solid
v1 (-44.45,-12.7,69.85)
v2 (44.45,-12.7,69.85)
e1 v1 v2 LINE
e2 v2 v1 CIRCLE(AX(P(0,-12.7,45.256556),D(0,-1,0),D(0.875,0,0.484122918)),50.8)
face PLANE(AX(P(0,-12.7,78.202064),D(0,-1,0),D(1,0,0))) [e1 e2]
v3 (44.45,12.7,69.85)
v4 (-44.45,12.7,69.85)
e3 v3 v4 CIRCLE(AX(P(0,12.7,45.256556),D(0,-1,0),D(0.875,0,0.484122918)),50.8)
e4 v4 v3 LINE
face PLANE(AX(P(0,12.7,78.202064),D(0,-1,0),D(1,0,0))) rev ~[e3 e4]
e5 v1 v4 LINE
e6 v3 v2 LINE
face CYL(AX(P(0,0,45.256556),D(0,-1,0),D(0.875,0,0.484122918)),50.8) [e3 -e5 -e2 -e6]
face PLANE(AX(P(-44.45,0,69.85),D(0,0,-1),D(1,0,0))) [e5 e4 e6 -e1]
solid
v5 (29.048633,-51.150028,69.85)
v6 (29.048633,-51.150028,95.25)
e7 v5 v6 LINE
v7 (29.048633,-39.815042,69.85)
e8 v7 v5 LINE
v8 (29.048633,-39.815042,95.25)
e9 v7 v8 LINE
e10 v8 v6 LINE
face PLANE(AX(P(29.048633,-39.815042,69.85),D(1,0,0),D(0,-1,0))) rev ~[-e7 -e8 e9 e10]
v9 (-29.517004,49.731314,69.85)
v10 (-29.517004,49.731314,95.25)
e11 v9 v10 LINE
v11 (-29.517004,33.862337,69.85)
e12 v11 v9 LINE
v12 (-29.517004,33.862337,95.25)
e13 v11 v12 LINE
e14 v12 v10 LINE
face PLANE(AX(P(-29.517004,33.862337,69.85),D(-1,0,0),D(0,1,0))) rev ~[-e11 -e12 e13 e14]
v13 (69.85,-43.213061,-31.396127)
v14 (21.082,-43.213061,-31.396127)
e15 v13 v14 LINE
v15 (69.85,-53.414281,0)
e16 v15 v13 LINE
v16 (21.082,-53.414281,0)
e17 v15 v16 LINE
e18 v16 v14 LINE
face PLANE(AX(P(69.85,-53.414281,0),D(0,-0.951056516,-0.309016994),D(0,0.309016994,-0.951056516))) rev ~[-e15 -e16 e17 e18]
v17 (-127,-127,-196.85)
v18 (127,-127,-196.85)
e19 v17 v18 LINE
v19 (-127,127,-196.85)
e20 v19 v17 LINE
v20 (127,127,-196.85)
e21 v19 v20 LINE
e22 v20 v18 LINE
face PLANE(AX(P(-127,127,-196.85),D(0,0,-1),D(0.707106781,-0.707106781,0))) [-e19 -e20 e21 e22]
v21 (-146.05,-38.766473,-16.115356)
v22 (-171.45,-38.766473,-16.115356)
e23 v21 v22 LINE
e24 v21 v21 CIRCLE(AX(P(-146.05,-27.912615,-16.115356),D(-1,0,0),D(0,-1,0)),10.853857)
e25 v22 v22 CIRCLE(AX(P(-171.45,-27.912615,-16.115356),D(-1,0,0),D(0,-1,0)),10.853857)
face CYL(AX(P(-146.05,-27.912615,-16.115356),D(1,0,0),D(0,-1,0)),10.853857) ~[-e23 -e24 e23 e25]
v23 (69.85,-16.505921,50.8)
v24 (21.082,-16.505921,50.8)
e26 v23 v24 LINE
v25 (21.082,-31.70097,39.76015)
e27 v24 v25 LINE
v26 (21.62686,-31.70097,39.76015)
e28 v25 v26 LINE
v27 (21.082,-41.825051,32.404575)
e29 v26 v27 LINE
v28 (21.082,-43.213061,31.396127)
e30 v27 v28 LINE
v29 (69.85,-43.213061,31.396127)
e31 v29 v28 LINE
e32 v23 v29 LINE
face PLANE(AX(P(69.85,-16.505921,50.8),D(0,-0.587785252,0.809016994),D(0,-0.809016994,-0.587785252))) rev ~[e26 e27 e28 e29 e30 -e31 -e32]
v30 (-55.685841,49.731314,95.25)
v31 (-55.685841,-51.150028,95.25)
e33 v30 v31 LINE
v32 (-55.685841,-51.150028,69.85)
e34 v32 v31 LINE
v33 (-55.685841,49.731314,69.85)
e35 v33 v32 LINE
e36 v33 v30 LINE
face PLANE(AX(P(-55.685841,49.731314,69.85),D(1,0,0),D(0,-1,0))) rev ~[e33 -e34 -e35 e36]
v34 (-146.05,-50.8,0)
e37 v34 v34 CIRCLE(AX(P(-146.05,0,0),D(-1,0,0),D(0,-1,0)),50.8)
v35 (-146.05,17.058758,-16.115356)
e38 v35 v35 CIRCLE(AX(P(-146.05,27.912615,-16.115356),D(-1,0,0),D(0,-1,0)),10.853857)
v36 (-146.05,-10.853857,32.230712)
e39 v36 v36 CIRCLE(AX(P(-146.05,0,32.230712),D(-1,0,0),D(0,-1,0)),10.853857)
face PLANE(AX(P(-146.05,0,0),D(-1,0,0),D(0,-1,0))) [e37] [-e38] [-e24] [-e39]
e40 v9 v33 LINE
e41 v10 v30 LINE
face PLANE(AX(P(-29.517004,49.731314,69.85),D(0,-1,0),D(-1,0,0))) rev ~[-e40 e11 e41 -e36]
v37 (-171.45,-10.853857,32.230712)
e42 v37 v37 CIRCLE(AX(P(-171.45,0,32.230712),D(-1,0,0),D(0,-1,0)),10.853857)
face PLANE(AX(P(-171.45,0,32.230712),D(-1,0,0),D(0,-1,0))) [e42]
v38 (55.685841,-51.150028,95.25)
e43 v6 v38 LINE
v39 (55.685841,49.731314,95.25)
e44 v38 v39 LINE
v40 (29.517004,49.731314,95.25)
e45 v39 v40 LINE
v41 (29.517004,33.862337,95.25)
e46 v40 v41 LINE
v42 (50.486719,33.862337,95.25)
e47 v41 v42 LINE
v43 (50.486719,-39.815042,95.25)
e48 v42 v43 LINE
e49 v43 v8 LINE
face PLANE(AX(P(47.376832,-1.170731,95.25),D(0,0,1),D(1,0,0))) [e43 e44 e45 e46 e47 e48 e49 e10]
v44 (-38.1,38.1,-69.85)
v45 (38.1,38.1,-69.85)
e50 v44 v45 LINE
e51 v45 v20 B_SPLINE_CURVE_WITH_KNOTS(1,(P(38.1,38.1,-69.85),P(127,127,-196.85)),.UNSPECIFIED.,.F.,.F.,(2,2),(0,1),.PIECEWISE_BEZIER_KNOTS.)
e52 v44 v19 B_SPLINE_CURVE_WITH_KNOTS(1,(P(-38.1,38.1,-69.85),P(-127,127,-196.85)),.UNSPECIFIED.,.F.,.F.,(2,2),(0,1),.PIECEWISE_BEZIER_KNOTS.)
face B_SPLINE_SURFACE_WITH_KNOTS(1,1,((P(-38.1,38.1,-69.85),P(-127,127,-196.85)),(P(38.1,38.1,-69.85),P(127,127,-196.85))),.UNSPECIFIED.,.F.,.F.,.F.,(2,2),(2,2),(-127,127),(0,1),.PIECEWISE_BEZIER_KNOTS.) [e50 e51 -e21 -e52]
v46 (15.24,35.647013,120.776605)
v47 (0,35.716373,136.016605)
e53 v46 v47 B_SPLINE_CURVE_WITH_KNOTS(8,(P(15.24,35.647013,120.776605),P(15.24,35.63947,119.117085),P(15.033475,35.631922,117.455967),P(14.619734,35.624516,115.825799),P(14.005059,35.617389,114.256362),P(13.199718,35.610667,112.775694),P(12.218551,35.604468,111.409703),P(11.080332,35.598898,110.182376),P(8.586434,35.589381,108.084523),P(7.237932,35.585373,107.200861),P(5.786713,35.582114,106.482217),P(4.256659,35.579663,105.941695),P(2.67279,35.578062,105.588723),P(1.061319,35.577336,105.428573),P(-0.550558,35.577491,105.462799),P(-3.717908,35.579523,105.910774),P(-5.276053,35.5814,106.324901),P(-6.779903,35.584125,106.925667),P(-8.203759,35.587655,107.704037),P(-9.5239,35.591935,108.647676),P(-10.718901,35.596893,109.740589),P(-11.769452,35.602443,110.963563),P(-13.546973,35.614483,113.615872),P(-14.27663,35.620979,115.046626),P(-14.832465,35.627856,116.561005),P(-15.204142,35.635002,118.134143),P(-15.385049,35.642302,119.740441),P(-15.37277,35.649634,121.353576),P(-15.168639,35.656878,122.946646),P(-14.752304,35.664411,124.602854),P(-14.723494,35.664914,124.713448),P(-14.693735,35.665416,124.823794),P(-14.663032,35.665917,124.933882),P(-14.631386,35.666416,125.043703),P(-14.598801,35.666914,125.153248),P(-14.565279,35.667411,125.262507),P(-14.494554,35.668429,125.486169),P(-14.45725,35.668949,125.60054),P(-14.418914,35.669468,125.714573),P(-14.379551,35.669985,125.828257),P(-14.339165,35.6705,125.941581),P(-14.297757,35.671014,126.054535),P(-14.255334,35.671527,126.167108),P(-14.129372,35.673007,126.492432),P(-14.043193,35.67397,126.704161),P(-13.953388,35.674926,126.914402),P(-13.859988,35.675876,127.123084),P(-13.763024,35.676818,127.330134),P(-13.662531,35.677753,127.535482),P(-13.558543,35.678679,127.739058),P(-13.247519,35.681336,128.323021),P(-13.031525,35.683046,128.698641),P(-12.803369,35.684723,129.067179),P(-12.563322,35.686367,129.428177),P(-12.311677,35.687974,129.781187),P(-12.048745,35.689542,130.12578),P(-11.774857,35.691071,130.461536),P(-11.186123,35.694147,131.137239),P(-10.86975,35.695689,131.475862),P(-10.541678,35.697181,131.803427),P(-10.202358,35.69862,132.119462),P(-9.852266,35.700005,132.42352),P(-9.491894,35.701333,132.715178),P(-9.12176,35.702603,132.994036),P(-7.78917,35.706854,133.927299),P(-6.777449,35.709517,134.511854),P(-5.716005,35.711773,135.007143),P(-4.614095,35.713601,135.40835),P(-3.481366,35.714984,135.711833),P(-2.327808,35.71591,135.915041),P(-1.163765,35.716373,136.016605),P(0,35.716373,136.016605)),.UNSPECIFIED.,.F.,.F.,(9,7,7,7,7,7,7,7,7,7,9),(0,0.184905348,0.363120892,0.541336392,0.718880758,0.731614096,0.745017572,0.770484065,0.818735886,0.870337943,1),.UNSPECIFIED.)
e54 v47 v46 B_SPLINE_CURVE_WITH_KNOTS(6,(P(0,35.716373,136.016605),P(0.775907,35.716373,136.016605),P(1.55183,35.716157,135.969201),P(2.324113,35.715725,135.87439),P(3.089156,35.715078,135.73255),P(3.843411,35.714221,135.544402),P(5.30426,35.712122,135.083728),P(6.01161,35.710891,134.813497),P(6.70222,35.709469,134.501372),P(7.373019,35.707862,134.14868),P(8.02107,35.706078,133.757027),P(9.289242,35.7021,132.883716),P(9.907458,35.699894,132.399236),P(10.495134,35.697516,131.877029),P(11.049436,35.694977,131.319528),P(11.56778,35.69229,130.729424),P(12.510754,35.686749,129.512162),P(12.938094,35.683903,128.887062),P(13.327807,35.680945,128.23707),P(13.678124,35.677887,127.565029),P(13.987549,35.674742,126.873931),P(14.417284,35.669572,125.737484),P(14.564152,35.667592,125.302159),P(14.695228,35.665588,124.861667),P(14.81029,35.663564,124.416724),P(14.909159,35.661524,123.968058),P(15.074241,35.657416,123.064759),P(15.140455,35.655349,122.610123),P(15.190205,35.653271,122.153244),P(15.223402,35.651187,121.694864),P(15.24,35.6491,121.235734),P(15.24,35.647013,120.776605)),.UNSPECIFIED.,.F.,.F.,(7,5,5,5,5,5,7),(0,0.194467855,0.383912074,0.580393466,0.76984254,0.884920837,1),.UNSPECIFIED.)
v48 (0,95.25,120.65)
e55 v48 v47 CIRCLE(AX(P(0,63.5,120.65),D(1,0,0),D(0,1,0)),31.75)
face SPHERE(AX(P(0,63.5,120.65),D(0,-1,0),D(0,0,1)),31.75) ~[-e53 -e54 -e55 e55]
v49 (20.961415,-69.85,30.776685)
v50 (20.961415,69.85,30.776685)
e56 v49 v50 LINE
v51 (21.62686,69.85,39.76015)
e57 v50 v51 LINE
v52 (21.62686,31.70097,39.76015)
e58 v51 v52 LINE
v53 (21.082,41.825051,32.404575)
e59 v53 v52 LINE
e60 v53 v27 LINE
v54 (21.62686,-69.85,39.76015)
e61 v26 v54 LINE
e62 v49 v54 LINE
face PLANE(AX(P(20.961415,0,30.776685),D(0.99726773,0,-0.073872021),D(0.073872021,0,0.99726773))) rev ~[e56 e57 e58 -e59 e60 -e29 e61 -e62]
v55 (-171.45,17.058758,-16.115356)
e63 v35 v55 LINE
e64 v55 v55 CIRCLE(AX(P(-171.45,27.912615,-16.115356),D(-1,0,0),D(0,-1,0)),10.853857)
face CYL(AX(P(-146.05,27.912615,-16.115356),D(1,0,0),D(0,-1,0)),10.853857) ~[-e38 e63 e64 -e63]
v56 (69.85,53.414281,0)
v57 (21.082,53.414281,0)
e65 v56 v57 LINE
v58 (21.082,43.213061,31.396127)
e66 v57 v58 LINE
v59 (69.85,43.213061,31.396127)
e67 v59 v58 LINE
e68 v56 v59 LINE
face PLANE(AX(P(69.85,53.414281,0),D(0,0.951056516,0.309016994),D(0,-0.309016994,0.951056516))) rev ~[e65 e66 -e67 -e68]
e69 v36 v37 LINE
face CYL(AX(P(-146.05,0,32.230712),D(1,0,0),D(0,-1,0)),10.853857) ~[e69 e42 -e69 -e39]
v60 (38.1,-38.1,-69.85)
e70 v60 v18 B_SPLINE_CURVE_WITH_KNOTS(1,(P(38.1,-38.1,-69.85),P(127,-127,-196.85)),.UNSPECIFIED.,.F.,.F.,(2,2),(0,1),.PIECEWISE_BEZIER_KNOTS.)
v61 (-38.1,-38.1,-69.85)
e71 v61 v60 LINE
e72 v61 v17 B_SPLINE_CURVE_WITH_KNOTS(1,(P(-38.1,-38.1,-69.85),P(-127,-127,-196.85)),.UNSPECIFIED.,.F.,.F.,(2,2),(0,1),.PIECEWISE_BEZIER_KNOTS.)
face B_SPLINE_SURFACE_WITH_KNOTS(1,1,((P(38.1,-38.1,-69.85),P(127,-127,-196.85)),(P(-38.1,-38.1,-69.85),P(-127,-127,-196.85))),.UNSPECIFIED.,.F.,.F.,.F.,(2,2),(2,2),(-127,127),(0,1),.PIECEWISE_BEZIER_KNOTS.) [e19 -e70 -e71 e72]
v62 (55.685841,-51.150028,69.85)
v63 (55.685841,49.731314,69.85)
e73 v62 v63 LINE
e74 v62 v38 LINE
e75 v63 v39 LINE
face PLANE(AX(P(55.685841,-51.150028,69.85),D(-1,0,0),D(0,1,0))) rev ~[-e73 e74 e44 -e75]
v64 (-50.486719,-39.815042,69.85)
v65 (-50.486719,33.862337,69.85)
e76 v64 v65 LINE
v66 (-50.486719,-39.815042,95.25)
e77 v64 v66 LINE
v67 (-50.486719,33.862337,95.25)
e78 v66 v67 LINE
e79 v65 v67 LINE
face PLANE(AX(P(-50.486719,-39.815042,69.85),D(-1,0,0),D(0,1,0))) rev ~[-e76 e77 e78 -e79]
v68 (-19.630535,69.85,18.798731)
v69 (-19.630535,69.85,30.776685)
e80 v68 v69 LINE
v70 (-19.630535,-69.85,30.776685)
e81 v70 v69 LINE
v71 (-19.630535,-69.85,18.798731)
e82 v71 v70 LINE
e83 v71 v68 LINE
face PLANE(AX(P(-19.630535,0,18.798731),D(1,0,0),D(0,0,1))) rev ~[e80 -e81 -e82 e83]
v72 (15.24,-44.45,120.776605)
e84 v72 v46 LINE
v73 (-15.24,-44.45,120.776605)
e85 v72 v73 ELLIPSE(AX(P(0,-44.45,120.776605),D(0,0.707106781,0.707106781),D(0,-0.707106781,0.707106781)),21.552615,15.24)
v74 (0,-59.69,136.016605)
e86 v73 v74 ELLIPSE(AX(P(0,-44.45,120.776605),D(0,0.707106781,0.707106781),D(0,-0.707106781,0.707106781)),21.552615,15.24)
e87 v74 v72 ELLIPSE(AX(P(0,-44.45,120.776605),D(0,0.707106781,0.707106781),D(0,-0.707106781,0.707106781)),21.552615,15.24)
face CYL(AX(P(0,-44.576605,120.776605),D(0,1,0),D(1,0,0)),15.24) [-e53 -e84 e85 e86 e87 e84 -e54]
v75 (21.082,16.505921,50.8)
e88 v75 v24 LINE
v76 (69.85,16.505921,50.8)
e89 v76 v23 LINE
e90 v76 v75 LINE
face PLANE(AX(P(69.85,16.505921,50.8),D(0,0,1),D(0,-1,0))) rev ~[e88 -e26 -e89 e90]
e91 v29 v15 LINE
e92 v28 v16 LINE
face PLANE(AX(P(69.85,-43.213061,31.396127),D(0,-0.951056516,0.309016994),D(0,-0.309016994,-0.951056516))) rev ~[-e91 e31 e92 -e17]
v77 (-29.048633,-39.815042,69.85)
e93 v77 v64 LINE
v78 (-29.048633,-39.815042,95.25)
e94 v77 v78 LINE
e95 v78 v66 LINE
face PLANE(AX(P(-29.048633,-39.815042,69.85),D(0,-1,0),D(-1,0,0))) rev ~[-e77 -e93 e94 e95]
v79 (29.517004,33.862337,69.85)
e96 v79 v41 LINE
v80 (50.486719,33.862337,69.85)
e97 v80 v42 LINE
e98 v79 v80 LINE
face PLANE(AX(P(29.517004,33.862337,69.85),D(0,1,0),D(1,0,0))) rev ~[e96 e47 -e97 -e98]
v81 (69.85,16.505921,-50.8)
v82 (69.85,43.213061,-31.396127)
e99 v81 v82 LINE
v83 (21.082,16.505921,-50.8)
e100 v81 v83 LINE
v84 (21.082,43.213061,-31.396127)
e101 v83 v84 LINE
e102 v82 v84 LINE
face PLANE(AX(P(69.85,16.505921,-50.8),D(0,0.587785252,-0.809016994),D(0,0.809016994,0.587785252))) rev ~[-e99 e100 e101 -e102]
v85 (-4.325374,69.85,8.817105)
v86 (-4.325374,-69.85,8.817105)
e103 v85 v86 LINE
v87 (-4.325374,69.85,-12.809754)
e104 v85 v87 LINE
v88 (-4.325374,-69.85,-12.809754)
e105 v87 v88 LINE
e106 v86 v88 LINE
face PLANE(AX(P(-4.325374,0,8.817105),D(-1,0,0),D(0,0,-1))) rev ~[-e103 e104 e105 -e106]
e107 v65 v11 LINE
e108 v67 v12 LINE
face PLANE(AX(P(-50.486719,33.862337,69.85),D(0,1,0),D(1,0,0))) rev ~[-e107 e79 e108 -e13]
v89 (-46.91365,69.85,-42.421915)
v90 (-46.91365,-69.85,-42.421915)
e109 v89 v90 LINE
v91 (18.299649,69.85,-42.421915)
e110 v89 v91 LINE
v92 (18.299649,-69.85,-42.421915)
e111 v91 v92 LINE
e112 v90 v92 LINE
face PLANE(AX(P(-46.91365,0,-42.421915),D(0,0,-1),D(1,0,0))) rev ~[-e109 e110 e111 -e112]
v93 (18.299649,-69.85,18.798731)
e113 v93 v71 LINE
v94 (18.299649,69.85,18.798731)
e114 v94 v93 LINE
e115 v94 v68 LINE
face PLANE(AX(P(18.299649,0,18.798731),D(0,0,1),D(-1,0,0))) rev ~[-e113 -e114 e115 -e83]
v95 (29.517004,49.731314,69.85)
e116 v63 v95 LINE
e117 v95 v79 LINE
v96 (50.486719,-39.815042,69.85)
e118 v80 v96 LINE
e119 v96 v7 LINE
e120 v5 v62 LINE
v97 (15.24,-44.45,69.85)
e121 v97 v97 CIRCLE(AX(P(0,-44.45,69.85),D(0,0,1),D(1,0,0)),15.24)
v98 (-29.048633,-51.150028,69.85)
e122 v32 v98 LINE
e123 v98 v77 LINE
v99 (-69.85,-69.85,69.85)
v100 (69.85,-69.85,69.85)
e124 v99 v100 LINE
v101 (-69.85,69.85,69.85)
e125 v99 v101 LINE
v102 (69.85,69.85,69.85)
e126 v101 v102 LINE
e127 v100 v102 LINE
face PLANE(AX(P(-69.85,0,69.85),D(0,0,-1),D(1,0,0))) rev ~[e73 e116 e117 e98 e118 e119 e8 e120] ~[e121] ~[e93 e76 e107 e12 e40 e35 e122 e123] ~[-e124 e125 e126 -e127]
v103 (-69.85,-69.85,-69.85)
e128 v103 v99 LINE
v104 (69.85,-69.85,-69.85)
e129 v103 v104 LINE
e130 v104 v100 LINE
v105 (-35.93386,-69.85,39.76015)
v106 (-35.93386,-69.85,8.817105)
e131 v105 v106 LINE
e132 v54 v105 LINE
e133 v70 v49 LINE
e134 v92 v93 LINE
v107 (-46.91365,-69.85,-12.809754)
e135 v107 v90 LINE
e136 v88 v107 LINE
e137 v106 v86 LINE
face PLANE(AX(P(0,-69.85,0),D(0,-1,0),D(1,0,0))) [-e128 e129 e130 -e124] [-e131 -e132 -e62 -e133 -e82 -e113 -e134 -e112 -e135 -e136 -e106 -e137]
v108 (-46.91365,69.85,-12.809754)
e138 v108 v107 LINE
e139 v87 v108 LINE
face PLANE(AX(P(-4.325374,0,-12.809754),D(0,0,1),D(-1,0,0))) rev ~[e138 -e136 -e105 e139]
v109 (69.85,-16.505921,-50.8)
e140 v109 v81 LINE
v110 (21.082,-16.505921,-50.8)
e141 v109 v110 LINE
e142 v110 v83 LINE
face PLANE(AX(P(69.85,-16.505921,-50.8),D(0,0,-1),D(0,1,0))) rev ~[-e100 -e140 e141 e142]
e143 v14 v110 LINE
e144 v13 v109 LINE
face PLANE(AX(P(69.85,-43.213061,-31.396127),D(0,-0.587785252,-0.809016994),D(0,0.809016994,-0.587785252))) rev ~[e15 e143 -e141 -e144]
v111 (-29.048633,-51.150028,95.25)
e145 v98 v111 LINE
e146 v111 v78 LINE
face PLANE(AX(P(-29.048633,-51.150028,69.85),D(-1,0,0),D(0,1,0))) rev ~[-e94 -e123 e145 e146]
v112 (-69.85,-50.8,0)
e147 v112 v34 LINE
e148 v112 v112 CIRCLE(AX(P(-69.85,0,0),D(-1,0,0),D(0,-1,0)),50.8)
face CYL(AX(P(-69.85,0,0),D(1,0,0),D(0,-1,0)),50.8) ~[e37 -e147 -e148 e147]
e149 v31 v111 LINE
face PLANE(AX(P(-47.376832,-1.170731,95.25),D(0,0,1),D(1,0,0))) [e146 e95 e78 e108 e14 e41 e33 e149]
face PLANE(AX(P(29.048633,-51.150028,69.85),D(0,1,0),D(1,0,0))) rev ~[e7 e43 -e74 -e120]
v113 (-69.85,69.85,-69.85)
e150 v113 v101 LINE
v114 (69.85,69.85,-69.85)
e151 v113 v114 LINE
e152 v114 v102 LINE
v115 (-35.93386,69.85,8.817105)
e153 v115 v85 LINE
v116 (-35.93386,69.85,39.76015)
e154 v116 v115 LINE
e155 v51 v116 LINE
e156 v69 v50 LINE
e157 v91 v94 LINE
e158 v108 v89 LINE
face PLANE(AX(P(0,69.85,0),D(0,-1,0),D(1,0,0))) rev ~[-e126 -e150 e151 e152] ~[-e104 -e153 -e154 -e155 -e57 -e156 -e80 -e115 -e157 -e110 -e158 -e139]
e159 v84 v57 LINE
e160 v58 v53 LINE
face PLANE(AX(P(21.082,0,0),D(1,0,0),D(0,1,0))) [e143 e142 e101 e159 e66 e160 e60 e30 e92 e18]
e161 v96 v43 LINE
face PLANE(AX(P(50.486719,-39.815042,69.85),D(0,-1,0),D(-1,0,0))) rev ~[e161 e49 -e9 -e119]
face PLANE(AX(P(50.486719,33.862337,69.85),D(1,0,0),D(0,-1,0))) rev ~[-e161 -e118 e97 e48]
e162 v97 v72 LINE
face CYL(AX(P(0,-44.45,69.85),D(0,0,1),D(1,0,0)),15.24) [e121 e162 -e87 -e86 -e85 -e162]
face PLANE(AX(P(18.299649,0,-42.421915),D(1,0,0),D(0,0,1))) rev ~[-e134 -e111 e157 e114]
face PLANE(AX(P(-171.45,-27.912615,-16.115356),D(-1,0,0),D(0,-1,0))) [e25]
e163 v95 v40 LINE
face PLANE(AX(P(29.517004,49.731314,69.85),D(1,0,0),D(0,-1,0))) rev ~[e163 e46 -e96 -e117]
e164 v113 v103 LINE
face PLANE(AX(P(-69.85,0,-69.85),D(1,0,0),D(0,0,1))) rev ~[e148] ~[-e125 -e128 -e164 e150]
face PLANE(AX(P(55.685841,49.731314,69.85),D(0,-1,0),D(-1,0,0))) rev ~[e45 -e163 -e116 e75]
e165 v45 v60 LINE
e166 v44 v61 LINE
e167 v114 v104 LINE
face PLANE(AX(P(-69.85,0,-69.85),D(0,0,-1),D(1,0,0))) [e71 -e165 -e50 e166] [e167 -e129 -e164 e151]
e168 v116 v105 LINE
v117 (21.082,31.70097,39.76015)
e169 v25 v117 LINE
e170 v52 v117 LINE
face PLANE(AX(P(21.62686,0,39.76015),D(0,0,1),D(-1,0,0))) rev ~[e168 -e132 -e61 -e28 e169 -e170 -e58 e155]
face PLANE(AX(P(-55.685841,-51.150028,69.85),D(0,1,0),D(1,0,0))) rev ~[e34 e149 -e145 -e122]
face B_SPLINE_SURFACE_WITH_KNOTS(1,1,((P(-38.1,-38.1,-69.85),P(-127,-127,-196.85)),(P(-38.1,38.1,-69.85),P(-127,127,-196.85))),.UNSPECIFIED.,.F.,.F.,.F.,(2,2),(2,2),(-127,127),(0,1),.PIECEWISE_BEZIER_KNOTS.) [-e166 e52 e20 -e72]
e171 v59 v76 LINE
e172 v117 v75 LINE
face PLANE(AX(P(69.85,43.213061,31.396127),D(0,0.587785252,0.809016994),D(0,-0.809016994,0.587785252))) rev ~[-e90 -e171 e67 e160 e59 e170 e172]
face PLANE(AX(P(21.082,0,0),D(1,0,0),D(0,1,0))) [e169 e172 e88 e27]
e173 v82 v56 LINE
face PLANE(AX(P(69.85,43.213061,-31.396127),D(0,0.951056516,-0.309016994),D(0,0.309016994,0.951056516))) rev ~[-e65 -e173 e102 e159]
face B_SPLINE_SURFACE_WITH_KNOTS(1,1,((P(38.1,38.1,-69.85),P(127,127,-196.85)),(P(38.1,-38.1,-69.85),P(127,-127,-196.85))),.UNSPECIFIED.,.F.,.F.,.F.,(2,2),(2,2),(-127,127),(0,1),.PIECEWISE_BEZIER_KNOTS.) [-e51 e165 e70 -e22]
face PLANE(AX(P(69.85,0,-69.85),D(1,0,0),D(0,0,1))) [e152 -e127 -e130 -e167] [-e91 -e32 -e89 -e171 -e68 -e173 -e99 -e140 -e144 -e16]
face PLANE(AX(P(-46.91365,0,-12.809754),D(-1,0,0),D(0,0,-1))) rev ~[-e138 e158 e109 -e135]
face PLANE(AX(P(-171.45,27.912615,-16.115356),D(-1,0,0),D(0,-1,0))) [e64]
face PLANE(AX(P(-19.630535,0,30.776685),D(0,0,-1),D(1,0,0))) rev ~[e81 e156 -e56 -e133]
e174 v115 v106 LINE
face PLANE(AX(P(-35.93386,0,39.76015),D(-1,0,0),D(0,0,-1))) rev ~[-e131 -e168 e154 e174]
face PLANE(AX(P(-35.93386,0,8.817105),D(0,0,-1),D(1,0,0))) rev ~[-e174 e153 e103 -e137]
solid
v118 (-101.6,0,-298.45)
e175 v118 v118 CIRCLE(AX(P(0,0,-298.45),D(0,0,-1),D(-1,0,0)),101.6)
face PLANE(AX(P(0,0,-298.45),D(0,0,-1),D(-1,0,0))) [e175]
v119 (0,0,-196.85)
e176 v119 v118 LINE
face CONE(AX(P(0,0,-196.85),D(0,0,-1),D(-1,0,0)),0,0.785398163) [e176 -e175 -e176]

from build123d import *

# Parameters (mm, degrees)
F0_W      = 139.7
F0_H      = 139.7
F1_DEPTH  = 69.85
F3_DEPTH  = 69.85
F5_DEPTH  = 12.7
F6_R      = 50.8
F7_DEPTH  = 76.2
F9_DEPTH  = 48.768
F10_R     = 15.24
F13_W     = 76.2
F13_H     = 76.2
F15_W     = 254
F15_H     = 254
F22_DEPTH = 25.4
F23_R     = 10.8538573116
F24_DEPTH = 25.4


with BuildPart() as f1:
    # F0 (on Front) → F1 (new body, symmetric)
    with BuildSketch(Plane.XZ):
        Rectangle(F0_W, F0_H)
    extrude(amount=F1_DEPTH, both=True)

    # F2 (on Front) → F3 (cut, symmetric)
    with BuildSketch(Plane.XZ):
        Polygon((20.9614150226, 30.7766851038), (21.6268599033, 39.7601500154), (-35.9338596463, 39.7601500154), (-35.9338596463, 8.8171046227), (-4.3253740296, 8.8171046227), (-4.3253740296, -12.8097543493), (-46.9136498868, -12.8097543493), (-46.9136498868, -42.4219146371), (18.2996485382, -42.4219146371), (18.2996485382, 18.7987312675), (-19.6305345744, 18.7987312675), (-19.6305345744, 30.7766851038), align=None)
    extrude(amount=F3_DEPTH, both=True, mode=Mode.SUBTRACT)

    # F6 (on face) → F7 (join)
    with BuildSketch(Plane(origin=(-69.85, 0, 0), x_dir=(0, -1, 0), z_dir=(-1, 0, 0))):
        Circle(F6_R)
    extrude(amount=F7_DEPTH)

    # F8 (on face) → F9 (cut)
    with BuildSketch(Plane.YZ.offset(69.85)):
        Polygon((16.5059205686, -50.8), (43.2130610643, -31.3961266285), (53.4142809913, 0), (43.2130610643, 31.3961266285), (16.5059205686, 50.8), (-16.5059205686, 50.8), (-43.2130610643, 31.3961266285), (-53.4142809913, 0), (-43.2130610643, -31.3961266285), (-16.5059205686, -50.8), align=None)
    extrude(amount=-F9_DEPTH, mode=Mode.SUBTRACT)

    # F12: sweep along a path in F11
    with BuildLine(Plane.YZ) as f12_path:
        Line((-44.45, 69.9766054749), (-44.45, 120.7766054749))
        Line((-44.45, 120.7766054749), (44.45, 120.7766054749))
    # F10 (on face) → F12 (sweep)
    with BuildSketch(Plane.XY.offset(69.85)):
        with Locations((0, -44.45)):
            Circle(F10_R)
    sweep(path=f12_path.line, transition=Transition.RIGHT)

    # F13 (on face) → F16 section 0
    with BuildSketch(Plane(origin=(0, 0, -69.85), x_dir=(1, 0, 0), z_dir=(0, 0, -1))):
        Rectangle(F13_W, F13_H)
    # F15 (on offset) → F16 section 1
    with BuildSketch(Plane(origin=(0, 0, -196.85), x_dir=(1, 0, 0), z_dir=(0, 0, -1))):
        Rectangle(F15_W, F15_H)
    loft()

    # F17 (on Right) → F18 (revolve)
    with BuildSketch(Plane.YZ):
        with BuildLine():
            ThreePointArc((95.25, 120.65), (63.5, 152.4), (31.75, 120.65))
            Line((31.75, 120.65), (95.25, 120.65))
        make_face()
    revolve(axis=Axis((0, 63.5, 120.65), (0, 1, 0)))

    # F21 (on face) → F22 (join)
    with BuildSketch(Plane.XY.offset(69.85)):
        Polygon((-29.5170042189, 49.7313141823), (-55.6858405471, 49.7313141823), (-55.6858405471, -51.1500276625), (-29.0486328304, -51.1500276625), (-29.0486328304, -39.8150421679), (-50.4867191883, -39.8150421679), (-50.4867191883, 33.8623374701), (-29.5170042189, 33.8623374701), align=None)
        Polygon((29.5170042189, 33.8623374701), (50.4867191883, 33.8623374701), (50.4867191883, -39.8150421679), (29.0486328304, -39.8150421679), (29.0486328304, -51.1500276625), (55.6858405471, -51.1500276625), (55.6858405471, 49.7313141823), (29.5170042189, 49.7313141823), align=None)
    extrude(amount=F22_DEPTH)

    # F23 (on face) → F24 (join)
    with BuildSketch(Plane(origin=(-146.05, 0, 0), x_dir=(0, -1, 0), z_dir=(-1, 0, 0))):
        with Locations((0, 32.2307120148)):
            Circle(F23_R)
        with Locations((-27.9126153868, -16.1153560074)):
            Circle(F23_R)
        with Locations((27.9126153868, -16.1153560074)):
            Circle(F23_R)
    extrude(amount=F24_DEPTH)


with BuildPart() as f5:
    # F4 (on Front) → F5 (new body, symmetric)
    with BuildSketch(Plane.XZ):
        with BuildLine():
            Line((-44.45, 69.85), (44.45, 69.85))
            ThreePointArc((44.45, 69.85), (0, 96.0565557516), (-44.45, 69.85))
        make_face()
    extrude(amount=F5_DEPTH, both=True)


with BuildPart() as f20:
    # F19 (on Front) → F20 (revolve)
    with BuildSketch(Plane.XZ):
        Polygon((0, -298.45), (0, -196.85), (-101.6, -298.45), align=None)
    revolve(axis=Axis((0, 0, -247.65), (0, 0, -1)))


solid = Compound([f1.part, f5.part, f20.part])
